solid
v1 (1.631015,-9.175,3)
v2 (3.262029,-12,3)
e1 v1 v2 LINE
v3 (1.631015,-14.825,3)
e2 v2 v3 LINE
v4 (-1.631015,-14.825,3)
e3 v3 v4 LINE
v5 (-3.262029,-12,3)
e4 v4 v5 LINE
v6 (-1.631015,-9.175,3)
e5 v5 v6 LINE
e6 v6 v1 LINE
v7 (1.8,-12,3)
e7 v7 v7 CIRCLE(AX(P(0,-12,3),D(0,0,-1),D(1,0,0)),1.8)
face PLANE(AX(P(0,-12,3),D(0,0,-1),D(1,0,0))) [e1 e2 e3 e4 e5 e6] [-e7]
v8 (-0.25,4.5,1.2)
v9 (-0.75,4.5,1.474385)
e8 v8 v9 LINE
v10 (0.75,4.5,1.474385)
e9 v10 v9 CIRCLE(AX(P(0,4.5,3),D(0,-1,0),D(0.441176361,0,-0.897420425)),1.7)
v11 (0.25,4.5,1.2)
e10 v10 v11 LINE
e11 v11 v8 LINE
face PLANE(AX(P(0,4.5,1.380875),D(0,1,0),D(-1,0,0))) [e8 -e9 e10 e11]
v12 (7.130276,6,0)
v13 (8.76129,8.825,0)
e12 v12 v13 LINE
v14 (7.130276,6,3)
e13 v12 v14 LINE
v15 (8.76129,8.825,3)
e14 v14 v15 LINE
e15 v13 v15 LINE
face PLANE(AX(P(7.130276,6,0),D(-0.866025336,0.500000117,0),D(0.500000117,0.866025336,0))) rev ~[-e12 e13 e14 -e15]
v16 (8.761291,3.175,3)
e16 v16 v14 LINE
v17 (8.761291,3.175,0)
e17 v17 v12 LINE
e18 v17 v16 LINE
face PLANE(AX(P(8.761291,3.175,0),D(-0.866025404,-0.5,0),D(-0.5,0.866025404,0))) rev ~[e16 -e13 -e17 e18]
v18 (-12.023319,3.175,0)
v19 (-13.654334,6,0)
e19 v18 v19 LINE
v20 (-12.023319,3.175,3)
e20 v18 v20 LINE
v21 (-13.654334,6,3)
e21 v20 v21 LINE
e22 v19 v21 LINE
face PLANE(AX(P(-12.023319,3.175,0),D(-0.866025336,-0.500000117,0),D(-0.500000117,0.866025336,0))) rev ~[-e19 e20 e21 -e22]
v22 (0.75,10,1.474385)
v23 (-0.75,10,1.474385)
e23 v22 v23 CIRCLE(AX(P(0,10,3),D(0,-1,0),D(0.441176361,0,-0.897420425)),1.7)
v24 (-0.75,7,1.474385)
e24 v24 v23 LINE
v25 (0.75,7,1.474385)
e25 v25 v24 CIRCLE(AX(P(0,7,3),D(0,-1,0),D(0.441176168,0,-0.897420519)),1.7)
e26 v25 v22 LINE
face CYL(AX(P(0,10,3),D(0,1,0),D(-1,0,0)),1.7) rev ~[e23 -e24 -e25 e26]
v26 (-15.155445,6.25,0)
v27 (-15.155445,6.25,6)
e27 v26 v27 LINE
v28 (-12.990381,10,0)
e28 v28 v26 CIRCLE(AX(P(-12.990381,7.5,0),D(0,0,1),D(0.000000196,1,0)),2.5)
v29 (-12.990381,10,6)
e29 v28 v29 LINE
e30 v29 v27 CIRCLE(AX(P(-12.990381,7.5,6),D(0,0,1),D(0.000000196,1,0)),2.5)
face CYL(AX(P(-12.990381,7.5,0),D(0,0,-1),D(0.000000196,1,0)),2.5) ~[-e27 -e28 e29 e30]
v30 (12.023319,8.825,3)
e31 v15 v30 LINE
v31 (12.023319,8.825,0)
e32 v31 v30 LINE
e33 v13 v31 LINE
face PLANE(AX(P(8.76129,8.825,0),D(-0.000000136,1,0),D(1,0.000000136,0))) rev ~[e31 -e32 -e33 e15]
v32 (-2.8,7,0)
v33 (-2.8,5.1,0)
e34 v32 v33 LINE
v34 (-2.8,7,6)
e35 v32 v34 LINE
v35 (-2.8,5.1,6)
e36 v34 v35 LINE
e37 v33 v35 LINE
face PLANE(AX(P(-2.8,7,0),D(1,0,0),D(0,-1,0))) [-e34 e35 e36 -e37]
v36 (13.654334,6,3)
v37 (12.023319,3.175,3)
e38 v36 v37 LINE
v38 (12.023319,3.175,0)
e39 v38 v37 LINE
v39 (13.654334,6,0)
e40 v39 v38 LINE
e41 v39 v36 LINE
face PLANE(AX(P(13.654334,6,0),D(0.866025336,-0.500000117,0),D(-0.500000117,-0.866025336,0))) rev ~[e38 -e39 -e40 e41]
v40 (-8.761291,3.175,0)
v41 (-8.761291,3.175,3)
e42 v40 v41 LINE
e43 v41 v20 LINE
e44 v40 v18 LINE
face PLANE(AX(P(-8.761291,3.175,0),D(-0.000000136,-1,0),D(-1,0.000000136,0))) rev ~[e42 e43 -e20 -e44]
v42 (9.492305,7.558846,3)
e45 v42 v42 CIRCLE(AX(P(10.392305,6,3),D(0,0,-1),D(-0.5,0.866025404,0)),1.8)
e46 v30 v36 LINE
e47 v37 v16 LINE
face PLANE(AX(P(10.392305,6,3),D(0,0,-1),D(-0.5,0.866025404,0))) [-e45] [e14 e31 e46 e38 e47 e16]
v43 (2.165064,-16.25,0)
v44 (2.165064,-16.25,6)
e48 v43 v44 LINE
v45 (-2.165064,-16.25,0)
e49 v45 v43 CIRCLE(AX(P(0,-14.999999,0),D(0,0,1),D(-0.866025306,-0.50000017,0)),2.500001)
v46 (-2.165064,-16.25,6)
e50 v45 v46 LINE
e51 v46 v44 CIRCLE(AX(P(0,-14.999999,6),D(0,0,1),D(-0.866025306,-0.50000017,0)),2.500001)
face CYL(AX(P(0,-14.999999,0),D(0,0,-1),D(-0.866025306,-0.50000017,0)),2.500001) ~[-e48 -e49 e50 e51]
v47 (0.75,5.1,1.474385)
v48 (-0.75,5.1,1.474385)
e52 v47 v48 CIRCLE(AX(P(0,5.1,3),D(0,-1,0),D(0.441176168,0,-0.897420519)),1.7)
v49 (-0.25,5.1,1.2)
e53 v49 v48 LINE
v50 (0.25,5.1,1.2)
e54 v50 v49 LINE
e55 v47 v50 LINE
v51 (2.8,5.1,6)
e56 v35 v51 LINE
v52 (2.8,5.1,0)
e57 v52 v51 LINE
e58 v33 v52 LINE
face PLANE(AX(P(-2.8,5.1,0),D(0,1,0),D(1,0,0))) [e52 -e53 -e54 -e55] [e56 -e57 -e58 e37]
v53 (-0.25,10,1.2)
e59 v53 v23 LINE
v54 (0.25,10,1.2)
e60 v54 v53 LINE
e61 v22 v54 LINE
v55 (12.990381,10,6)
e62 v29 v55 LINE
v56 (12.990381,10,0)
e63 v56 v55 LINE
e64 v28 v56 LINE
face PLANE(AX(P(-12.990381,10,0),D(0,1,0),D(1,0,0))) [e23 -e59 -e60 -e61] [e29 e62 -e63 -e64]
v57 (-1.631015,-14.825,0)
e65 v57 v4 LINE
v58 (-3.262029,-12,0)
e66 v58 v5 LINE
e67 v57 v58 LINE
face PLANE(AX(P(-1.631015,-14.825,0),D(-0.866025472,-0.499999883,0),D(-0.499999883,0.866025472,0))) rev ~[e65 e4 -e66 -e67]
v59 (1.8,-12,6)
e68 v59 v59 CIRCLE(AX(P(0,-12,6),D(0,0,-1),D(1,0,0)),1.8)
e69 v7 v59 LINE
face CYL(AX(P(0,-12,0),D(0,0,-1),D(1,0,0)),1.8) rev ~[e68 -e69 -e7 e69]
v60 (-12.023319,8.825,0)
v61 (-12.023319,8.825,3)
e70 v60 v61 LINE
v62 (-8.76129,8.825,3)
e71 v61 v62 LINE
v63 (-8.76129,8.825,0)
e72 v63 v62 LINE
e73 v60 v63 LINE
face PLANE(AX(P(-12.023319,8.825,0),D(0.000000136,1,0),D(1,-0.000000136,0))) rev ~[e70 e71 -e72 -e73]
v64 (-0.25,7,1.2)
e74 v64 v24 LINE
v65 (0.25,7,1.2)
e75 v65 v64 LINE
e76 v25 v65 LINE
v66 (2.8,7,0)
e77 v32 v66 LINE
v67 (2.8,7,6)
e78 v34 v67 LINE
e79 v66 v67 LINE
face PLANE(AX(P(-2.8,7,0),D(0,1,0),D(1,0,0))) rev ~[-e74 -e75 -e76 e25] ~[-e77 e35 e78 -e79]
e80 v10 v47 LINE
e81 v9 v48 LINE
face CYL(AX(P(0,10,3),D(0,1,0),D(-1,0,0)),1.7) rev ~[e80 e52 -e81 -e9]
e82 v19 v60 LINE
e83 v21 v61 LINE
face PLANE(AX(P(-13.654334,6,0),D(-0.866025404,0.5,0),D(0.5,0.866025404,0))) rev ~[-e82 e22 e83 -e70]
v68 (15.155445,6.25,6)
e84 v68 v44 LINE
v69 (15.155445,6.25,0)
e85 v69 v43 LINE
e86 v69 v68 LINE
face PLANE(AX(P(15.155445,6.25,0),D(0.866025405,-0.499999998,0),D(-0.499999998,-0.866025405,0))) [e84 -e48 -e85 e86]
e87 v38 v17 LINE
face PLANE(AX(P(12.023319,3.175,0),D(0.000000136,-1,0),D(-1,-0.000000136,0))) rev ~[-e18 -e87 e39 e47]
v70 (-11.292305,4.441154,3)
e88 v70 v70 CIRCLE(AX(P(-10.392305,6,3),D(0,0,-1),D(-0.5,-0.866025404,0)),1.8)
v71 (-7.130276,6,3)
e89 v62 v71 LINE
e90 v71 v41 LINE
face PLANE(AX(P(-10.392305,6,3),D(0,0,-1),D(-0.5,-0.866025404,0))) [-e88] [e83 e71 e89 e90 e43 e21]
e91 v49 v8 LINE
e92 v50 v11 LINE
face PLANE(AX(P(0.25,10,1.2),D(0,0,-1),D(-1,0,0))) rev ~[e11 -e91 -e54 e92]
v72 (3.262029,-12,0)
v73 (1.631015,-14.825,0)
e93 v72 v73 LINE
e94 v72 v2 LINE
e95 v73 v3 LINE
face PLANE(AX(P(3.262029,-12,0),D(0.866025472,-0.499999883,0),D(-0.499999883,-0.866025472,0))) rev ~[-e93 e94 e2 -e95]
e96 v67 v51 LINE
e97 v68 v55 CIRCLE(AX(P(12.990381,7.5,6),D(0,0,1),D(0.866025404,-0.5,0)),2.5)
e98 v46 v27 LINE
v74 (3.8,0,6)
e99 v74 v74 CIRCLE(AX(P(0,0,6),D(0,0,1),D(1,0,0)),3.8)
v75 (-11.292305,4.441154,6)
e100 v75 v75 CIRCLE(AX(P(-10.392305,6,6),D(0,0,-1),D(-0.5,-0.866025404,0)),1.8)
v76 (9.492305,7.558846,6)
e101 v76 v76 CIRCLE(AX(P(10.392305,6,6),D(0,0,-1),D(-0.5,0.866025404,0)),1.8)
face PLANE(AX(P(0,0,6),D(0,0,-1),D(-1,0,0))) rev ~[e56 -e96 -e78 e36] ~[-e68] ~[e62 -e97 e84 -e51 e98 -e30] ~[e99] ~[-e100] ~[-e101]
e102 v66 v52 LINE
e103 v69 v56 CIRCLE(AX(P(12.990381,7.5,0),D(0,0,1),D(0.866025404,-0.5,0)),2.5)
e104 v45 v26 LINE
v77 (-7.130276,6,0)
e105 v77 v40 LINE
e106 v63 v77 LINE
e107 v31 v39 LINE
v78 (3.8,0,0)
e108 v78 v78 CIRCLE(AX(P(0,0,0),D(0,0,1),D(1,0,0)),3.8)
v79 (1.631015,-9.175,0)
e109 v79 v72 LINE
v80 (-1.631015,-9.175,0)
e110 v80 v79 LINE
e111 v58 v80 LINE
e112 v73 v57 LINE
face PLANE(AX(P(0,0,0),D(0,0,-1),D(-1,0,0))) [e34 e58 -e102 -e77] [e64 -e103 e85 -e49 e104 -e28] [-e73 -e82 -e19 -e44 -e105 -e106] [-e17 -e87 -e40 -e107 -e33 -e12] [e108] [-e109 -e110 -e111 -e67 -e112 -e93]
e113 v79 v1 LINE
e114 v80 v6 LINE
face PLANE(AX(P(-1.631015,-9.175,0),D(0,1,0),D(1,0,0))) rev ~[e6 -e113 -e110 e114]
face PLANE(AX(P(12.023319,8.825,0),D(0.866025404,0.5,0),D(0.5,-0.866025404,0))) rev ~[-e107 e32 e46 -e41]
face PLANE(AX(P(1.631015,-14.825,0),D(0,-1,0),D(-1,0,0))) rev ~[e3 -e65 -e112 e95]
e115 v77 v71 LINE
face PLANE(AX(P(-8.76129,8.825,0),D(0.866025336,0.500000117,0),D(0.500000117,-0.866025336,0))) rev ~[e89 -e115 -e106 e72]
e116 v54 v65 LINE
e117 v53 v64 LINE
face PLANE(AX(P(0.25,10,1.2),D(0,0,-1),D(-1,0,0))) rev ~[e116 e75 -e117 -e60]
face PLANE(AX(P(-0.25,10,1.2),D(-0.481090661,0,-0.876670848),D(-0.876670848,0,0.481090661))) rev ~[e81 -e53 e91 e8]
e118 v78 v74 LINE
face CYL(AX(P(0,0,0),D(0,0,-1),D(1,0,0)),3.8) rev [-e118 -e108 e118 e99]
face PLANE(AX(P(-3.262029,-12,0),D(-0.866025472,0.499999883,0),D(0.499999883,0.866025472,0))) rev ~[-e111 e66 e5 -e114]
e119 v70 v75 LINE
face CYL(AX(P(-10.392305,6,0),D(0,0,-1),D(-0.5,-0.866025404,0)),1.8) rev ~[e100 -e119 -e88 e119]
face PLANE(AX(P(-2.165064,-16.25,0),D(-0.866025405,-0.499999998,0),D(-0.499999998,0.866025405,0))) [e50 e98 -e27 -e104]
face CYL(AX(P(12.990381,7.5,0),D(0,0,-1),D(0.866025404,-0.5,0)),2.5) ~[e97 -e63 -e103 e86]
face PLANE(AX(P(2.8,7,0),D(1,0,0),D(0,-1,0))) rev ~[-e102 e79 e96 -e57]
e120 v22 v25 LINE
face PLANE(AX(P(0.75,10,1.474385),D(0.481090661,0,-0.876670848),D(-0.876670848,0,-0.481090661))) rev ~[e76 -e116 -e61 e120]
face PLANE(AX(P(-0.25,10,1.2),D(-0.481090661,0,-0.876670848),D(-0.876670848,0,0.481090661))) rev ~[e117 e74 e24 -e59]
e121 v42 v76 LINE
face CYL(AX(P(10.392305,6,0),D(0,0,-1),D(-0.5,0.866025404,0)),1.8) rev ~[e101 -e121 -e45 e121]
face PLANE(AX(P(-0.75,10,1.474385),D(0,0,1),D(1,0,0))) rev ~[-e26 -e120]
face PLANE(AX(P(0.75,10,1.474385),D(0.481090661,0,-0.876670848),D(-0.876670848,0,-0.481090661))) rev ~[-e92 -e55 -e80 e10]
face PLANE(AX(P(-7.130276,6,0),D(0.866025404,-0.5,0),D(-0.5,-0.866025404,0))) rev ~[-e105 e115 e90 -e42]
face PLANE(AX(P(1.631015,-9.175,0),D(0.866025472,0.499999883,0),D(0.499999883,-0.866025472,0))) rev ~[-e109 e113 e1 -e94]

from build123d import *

# Parameters (mm, degrees)
SKETCH004_R           = 3.8
PAD001_DEPTH          = 6
SKETCH005_R           = 1.8
POCKET001_DEPTH       = 89.716175
POLARPATTERN_COUNT    = 3
POCKET002_DEPTH       = 3
POLARPATTERN001_COUNT = 3
SKETCH007_R           = 1.7
POCKET003_DEPTH       = 5.5
SKETCH008_W           = 5.6
SKETCH008_H           = 1.9
POCKET004_DEPTH       = 6.001
POCKET005_DEPTH       = 5.5


with BuildPart() as part:
    # Sketch004 → Pad001 (new body)
    with BuildSketch(Plane.XY):
        with BuildLine():
            Line((-12.990381, 10), (12.990381, 10))
            ThreePointArc((15.155445, 6.25), (15.155445, 8.75), (12.990381, 10))
            Line((15.155445, 6.25), (2.165064, -16.25))
            ThreePointArc((-2.165064, -16.25), (0, -17.5), (2.165064, -16.25))
            Line((-2.165064, -16.25), (-15.155445, 6.25))
            ThreePointArc((-12.990381, 10), (-15.155445, 8.75), (-15.155445, 6.25))
        make_face()
        Circle(SKETCH004_R, mode=Mode.SUBTRACT)
    extrude(amount=PAD001_DEPTH)

    # Sketch005 (on Face8 of Pad001) → Pocket001 (cut, through all)
    with BuildSketch(Plane(origin=(0, 0, 0), x_dir=(1, 0, 0), z_dir=(0, 0, -1))):
        with Locations((0, 12)):
            Circle(SKETCH005_R)
    pocket001 = extrude(amount=-POCKET001_DEPTH, mode=Mode.SUBTRACT)

    # PolarPattern: Pocket001 ×3 about axis
    polarpattern_axis = Axis((0, 0, 0), (0, 0, -1))
    for i in range(1, POLARPATTERN_COUNT):
        add(pocket001.rotate(polarpattern_axis, i * 360 / POLARPATTERN_COUNT), mode=Mode.SUBTRACT)

    # Sketch006 (on Face4 of PolarPattern) → Pocket002 (cut)
    with BuildSketch(Plane(origin=(0, 0, 0), x_dir=(1, 0, 0), z_dir=(0, 0, -1))):
        Polygon((1.631015, 14.825), (-1.631015, 14.825), (-3.262029, 12), (-1.631015, 9.175), (1.631015, 9.175), (3.262029, 12), align=None)
    pocket002 = extrude(amount=-POCKET002_DEPTH, mode=Mode.SUBTRACT)

    # PolarPattern001: Pocket002 ×3 about axis
    polarpattern001_axis = Axis((0, 0, 0), (0, 0, -1))
    for i in range(1, POLARPATTERN001_COUNT):
        add(pocket002.rotate(polarpattern001_axis, i * 360 / POLARPATTERN001_COUNT), mode=Mode.SUBTRACT)

    # Sketch007 (on Face7 of PolarPattern001) → Pocket003 (cut)
    with BuildSketch(Plane(origin=(0, 10, 0), x_dir=(-1, 0, 0), z_dir=(0, 1, 0))):
        with Locations((0, 3)):
            Circle(SKETCH007_R)
    extrude(amount=-POCKET003_DEPTH, mode=Mode.SUBTRACT)

    # Sketch008 (on Face4 of Pocket003) → Pocket004 (cut, through all)
    with BuildSketch(Plane(origin=(0, 0, 0), x_dir=(1, 0, 0), z_dir=(0, 0, -1))):
        with Locations((0, -6.05)):
            Rectangle(SKETCH008_W, SKETCH008_H)
    extrude(amount=-POCKET004_DEPTH, mode=Mode.SUBTRACT)

    # Sketch009 (on Face7 of Pocket004) → Pocket005 (cut)
    with BuildSketch(Plane(origin=(0, 10, 0), x_dir=(-1, 0, 0), z_dir=(0, 1, 0))):
        Polygon((-0.75, 1.474385), (-0.25, 1.2), (0.25, 1.2), (0.75, 1.474385), align=None)
    extrude(amount=-POCKET005_DEPTH, mode=Mode.SUBTRACT)


solid = part.part
